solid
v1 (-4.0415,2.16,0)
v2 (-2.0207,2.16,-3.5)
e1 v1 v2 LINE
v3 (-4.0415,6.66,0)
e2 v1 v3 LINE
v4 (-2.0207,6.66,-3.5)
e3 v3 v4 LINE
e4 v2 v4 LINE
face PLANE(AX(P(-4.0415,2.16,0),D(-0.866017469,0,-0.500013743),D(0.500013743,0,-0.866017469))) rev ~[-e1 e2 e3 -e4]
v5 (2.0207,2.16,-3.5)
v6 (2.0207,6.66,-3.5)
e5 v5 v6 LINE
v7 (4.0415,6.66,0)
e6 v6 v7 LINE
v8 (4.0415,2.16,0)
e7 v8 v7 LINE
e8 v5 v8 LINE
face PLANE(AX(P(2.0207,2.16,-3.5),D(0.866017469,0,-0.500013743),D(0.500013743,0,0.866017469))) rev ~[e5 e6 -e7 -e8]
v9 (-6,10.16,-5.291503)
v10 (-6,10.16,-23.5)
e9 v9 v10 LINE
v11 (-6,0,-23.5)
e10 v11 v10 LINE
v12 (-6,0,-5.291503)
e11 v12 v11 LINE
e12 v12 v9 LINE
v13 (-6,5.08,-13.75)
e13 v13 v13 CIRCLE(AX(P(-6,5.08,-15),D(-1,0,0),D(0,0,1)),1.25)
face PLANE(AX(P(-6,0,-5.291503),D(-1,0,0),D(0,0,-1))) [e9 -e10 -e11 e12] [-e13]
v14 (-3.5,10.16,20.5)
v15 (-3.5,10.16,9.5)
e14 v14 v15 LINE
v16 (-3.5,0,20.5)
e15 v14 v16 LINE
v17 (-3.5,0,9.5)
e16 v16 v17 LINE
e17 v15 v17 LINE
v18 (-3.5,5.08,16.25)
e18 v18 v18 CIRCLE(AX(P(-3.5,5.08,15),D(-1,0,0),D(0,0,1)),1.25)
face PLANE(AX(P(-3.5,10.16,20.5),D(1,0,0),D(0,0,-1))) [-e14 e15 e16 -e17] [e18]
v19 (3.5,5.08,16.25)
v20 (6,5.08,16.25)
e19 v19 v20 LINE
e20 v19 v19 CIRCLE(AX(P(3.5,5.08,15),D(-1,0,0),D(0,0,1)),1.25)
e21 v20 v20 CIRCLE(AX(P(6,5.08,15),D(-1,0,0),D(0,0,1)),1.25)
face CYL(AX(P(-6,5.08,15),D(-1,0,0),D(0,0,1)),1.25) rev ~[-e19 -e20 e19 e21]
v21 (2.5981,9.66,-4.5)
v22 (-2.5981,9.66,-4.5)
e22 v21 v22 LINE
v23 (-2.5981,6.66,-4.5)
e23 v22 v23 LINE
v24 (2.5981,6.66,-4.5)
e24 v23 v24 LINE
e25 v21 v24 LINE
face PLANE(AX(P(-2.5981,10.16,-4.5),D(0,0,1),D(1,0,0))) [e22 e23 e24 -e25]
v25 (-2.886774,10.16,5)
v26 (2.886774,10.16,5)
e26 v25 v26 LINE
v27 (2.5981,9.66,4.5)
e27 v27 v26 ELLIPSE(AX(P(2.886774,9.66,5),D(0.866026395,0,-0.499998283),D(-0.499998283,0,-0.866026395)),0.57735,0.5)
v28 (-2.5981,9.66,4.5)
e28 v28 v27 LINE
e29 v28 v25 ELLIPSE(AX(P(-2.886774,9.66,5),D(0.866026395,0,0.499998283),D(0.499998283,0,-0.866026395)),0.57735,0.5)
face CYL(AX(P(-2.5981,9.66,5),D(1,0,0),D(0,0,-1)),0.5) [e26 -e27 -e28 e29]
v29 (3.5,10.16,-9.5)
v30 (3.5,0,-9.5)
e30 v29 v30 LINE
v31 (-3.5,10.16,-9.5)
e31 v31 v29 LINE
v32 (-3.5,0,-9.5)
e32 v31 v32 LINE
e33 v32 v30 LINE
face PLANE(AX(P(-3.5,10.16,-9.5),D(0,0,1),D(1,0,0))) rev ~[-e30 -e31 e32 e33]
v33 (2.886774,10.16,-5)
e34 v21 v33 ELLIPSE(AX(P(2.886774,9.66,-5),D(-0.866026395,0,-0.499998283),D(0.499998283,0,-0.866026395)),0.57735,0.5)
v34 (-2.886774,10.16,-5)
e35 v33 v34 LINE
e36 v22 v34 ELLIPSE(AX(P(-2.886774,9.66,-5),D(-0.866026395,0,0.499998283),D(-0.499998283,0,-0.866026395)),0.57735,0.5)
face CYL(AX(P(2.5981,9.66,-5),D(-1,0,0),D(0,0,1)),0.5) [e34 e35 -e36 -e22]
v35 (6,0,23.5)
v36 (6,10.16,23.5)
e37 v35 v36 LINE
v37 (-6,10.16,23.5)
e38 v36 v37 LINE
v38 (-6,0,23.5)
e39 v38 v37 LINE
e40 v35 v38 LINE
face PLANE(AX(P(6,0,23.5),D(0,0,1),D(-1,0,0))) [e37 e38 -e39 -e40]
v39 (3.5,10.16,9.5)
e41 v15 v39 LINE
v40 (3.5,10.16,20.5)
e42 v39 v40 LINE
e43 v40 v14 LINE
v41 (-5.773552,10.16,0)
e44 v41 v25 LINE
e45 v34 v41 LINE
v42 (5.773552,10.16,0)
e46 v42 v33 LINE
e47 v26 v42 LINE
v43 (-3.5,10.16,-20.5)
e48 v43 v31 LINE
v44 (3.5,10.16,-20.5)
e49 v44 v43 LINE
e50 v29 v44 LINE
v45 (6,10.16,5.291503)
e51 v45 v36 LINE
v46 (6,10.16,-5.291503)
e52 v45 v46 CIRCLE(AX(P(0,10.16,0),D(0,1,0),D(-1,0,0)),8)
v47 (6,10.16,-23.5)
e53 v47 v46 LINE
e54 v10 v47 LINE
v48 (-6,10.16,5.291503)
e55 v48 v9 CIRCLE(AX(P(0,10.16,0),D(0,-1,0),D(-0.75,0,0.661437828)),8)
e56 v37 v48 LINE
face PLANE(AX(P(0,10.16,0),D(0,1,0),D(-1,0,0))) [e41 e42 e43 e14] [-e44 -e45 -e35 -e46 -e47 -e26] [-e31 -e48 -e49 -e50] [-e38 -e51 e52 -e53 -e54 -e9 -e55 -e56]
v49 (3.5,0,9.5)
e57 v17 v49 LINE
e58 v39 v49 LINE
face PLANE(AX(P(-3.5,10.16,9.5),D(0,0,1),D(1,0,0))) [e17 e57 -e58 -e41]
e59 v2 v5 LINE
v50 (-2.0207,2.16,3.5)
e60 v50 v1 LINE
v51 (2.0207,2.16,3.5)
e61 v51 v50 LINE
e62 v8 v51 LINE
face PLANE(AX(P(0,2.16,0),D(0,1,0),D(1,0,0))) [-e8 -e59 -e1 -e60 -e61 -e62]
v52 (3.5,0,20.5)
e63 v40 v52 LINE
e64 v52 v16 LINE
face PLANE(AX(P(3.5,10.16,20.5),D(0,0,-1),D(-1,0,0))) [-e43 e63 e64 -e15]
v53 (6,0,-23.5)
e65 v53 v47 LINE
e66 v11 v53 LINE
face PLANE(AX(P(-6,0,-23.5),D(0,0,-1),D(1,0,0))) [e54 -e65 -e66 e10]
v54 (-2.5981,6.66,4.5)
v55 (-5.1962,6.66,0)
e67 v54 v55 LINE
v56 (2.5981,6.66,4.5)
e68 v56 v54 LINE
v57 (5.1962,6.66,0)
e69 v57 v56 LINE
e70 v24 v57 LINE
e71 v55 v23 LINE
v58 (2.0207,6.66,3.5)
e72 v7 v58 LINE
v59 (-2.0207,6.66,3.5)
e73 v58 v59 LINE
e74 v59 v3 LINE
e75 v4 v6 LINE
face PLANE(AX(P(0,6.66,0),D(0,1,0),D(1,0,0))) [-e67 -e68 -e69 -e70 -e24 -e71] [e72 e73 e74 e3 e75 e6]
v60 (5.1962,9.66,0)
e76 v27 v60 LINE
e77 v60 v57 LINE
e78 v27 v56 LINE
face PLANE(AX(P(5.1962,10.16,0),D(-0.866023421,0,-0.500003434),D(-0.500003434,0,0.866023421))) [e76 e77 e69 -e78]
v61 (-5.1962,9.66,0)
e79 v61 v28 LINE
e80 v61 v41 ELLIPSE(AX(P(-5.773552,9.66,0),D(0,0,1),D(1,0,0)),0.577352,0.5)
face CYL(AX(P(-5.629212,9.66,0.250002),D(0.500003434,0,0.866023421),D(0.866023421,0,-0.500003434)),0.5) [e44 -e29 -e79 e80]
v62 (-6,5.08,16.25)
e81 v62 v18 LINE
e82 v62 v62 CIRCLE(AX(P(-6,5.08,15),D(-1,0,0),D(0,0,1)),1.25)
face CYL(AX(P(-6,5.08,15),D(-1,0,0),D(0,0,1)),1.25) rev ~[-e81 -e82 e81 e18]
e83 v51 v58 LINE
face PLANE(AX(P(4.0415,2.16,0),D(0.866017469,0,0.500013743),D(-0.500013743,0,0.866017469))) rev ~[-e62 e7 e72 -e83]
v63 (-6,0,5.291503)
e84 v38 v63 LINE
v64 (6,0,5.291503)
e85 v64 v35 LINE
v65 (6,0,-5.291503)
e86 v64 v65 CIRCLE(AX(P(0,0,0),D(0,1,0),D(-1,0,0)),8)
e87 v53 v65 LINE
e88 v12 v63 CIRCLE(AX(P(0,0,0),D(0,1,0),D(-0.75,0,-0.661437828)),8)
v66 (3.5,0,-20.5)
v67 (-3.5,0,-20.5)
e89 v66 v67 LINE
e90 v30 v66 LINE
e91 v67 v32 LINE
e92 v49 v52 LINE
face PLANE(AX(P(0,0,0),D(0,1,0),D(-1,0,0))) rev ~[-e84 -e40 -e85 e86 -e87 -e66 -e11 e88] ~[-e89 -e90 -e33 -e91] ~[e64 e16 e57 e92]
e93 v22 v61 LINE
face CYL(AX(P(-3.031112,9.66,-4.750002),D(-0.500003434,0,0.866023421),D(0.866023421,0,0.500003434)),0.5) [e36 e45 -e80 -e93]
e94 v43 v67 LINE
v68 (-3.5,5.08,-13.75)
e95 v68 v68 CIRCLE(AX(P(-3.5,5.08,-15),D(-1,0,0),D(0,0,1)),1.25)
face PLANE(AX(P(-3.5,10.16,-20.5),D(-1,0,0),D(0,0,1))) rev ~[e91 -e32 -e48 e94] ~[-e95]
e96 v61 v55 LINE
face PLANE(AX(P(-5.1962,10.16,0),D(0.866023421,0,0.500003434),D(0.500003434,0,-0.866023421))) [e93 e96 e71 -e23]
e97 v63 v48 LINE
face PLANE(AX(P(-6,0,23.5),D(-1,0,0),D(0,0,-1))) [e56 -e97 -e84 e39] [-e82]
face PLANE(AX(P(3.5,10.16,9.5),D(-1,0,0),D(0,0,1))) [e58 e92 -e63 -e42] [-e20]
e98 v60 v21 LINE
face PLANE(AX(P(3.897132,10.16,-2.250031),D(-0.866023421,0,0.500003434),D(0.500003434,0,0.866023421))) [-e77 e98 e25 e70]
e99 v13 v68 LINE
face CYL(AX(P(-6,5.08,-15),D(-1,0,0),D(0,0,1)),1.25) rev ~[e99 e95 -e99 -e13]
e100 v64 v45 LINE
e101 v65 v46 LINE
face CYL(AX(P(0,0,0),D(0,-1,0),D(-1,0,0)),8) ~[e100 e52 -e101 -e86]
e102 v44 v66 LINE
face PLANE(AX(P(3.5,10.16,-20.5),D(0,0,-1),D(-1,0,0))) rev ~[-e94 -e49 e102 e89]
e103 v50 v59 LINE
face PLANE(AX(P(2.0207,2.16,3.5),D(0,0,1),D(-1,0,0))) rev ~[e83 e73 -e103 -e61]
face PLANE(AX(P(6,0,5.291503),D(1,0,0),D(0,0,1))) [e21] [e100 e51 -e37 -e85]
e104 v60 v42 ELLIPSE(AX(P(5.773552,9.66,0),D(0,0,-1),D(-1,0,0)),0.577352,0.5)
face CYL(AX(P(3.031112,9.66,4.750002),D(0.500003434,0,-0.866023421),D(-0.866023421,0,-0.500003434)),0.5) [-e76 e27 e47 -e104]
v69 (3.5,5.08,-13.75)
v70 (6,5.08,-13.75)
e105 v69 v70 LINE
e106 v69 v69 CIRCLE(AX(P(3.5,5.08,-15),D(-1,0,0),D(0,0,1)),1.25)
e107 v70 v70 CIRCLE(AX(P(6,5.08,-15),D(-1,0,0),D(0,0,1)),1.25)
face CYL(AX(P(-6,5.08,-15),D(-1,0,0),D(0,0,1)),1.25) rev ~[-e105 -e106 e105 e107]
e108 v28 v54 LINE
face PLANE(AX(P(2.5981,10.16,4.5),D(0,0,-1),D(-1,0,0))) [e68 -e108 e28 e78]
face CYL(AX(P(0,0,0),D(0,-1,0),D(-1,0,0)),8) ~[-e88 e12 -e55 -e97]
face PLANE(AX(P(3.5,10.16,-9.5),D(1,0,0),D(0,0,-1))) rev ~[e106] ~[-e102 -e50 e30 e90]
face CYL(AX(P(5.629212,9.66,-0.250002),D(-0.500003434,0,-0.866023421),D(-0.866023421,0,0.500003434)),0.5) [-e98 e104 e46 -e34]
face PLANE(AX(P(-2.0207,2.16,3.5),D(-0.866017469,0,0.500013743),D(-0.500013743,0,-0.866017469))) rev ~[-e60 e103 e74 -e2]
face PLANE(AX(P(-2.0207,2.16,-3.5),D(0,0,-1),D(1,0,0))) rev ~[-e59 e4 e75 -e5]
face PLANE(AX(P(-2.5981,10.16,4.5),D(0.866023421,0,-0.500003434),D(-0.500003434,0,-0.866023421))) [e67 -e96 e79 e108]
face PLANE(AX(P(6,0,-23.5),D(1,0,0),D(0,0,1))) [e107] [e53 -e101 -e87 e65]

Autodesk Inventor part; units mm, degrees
ref_plane "YZ Plane" through (0, 0, 0) normal (1, 0, 0) x (0, 1, 0)
ref_plane "XZ Plane" through (0, 0, 0) normal (0, 1, 0) x (-1, 0, 0)
ref_plane "XY Plane" through (0, 0, 0) normal (0, 0, 1) x (1, 0, 0)
sketch "스케치1" plane through (0, 0, 0) normal (0, 1, 0) x (-1, 0, 0)
  circle A0 centre (0, 0) radius 8
  dimension "d0" = 16
extrude "돌출1" add sketch "스케치1" along normal blind 10.16
sketch "스케치2" plane through (0, 10.16, 0) normal (0, 1, 0) x (1, 0, 0)
  circle A0 centre (0, 0) radius 4.5
  line L0 (2.5981, -4.5) -> (-2.5981, -4.5)
  line L1 (-2.5981, -4.5) -> (-5.1962, 0)
  line L2 (-5.1962, 0) -> (-2.5981, 4.5)
  line L3 (-2.5981, 4.5) -> (2.5981, 4.5)
  line L4 (2.5981, 4.5) -> (5.1962, 0)
  line L5 (5.1962, 0) -> (2.5981, -4.5)
  dimension "d3" = 9
sketch "스케치3" plane through (0, 0, 0) normal (0, -1, 0) x (1, 0, 0)
  line L0 (-3, 9.5) -> (3, 9.5)
  line L1 (3, 9.5) -> (3, 20.5)
  line L2 (3, 20.5) -> (-3, 20.5)
  line L3 (-3, 20.5) -> (-3, 9.5)
  line L4 (-3, 9.5) -> (3, 20.5) construction
  line L5 (3, 9.5) -> (-3, 20.5) construction
  line L6 (0, 0) -> (5.3002, 0)
  line L7 (-3, -9.5) -> (3, -9.5)
  line L8 (3, -9.5) -> (3, -20.5)
  line L9 (3, -20.5) -> (-3, -20.5)
  line L10 (-3, -20.5) -> (-3, -9.5)
  line L11 (-3, -9.5) -> (3, -20.5) construction
  line L12 (3, -9.5) -> (-3, -20.5) construction
  line L13 (6, 23.5) -> (-6, 23.5)
  line L14 (-6, 23.5) -> (-6, -23.5)
  line L15 (-6, -23.5) -> (6, -23.5)
  line L16 (6, -23.5) -> (6, 23.5)
  line L17 (6, 23.5) -> (-6, -23.5) construction
  line L18 (-6, 23.5) -> (6, -23.5) construction
  circle A0 centre (0, 0) radius 8 projected
  point P0 (0, 15)
  point P1 (0, -15)
  point P2 (6, 5.2915)
  point P3 (-6, 5.2915)
  point P4 (-6, -5.2915)
  point P5 (6, -5.2915)
  dimension "d7" = 6
  dimension "d8" = 11
  dimension "d10" = 15
  dimension "d11" = 3
  dimension "d12" = 3
extrude "돌출3" add sketch "스케치3" against normal blind 10.16 contours L3 L2 L1 L0 | L7 L8 L9 L10 | L16 A0 L14 L13 | L16 L15 L14 A0
extrude "돌출4" cut sketch "스케치2" against normal blind 8
sketch "스케치4" plane through (0, 2.16, 0) normal (0, 1, 0) x (1, 0, 0)
  line L0 (2.0207, 3.5) -> (4.0415, 0)
  line L1 (4.0415, 0) -> (2.0207, -3.5)
  line L2 (2.0207, -3.5) -> (-2.0207, -3.5)
  line L3 (-2.0207, -3.5) -> (-4.0415, 0)
  line L4 (-4.0415, 0) -> (-2.0207, 3.5)
  line L5 (-2.0207, 3.5) -> (2.0207, 3.5)
  line L6 (-2.5981, 4.5) -> (2.5981, 4.5) projected
  line L7 (2.5981, 4.5) -> (5.1962, 0) projected
  line L8 (-2.5981, 4.5) -> (2.5981, 4.5) projected
  line L9 (-5.1962, 0) -> (-2.5981, 4.5) projected
  line L10 (-2.5981, -4.5) -> (-5.1962, 0) projected
  line L11 (2.5981, -4.5) -> (-2.5981, -4.5) projected
  line L12 (5.1962, 0) -> (2.5981, -4.5) projected
  point P0 (0, 0)
  point P1 (0, 0)
  dimension "d17" = 1
extrude "돌출5" add sketch "스케치4" along normal blind 4.5
fillet "모깎기2" radius 0.5 6 edges at (3.8971, 10.16, -2.25) (3.8971, 10.16, 2.25) (0, 10.16, -4.5) (0, 10.16, 4.5) (-3.8971, 10.16, 2.25) (-3.8971, 10.16, -2.25)
sketch "스케치6" plane through (0, 10.16, 0) normal (0, 1, 0) x (1, 0, 0)
  line L0 (-3.5, -9.5) -> (3.5, -9.5)
  line L1 (3.5, -9.5) -> (3.5, -20.5)
  line L2 (3.5, -20.5) -> (-3.5, -20.5)
  line L3 (-3.5, -20.5) -> (-3.5, -9.5)
  line L4 (-3.5, -9.5) -> (3.5, -20.5) construction
  line L5 (3.5, -9.5) -> (-3.5, -20.5) construction
  line L6 (-6, -23.5) -> (6, -23.5) projected
  line L7 (6, -23.5) -> (6, -5.2915) projected
  line L8 (2.8868, -5) -> (5.7735, 0) projected
  line L9 (-5.1962, 0) -> (-5.7735, 0) projected
  line L10 (5.7735, 0) -> (-5.7735, 0)
  line L11 (-3.5, 9.5) -> (3.5, 9.5)
  line L12 (3.5, 9.5) -> (3.5, 20.5)
  line L13 (3.5, 20.5) -> (-3.5, 20.5)
  line L14 (-3.5, 20.5) -> (-3.5, 9.5)
  line L15 (-3.5, 9.5) -> (3.5, 20.5) construction
  line L16 (3.5, 9.5) -> (-3.5, 20.5) construction
  line L17 (-6, 23.5) -> (6, 23.5)
  line L18 (6, 23.5) -> (6, 5.2915)
  point P0 (0, 0)
  point P1 (0, -15)
  point P2 (0, 15)
  point P3 (0, 0)
  dimension "d21" = 7
  dimension "d22" = 11
  dimension "d23" = 3
extrude "돌출6" cut sketch "스케치6" against normal blind 10.16
sketch "스케치7" plane through (-6, 0, 5.2915) normal (-1, 0, 0) x (0, 0, 1)
  line L0 (4.2085, 10.16) -> (15.2085, 10.16) projected
  line L1 (4.2085, 10.16) -> (4.2085, 0) projected
  line L2 (15.2085, 0) -> (4.2085, 0) projected
  line L3 (15.2085, 10.16) -> (15.2085, 0) projected
  line L4 (-25.7915, 10.16) -> (-14.7915, 10.16) projected
  line L5 (-25.7915, 10.16) -> (-25.7915, 0) projected
  line L6 (-14.7915, 0) -> (-25.7915, 0) projected
  line L7 (-14.7915, 10.16) -> (-14.7915, 0) projected
  circle A0 centre (9.7085, 5.08) radius 1.25
  line L8 (-10.2915, 10.16) -> (-5.2915, 10.16) projected
  line L9 (-5.2915, 0) -> (-5.2915, 10.16)
  circle A1 centre (-20.2915, 5.08) radius 1.25
  point P0 (15.2085, 5.08)
  point P1 (9.7085, 0)
  dimension "d27" = 2.5
extrude "돌출7" cut sketch "스케치7" against normal up to surface (12 mm away) contours A0 | A1
properties part number "Tensile_test_top_adapter"
